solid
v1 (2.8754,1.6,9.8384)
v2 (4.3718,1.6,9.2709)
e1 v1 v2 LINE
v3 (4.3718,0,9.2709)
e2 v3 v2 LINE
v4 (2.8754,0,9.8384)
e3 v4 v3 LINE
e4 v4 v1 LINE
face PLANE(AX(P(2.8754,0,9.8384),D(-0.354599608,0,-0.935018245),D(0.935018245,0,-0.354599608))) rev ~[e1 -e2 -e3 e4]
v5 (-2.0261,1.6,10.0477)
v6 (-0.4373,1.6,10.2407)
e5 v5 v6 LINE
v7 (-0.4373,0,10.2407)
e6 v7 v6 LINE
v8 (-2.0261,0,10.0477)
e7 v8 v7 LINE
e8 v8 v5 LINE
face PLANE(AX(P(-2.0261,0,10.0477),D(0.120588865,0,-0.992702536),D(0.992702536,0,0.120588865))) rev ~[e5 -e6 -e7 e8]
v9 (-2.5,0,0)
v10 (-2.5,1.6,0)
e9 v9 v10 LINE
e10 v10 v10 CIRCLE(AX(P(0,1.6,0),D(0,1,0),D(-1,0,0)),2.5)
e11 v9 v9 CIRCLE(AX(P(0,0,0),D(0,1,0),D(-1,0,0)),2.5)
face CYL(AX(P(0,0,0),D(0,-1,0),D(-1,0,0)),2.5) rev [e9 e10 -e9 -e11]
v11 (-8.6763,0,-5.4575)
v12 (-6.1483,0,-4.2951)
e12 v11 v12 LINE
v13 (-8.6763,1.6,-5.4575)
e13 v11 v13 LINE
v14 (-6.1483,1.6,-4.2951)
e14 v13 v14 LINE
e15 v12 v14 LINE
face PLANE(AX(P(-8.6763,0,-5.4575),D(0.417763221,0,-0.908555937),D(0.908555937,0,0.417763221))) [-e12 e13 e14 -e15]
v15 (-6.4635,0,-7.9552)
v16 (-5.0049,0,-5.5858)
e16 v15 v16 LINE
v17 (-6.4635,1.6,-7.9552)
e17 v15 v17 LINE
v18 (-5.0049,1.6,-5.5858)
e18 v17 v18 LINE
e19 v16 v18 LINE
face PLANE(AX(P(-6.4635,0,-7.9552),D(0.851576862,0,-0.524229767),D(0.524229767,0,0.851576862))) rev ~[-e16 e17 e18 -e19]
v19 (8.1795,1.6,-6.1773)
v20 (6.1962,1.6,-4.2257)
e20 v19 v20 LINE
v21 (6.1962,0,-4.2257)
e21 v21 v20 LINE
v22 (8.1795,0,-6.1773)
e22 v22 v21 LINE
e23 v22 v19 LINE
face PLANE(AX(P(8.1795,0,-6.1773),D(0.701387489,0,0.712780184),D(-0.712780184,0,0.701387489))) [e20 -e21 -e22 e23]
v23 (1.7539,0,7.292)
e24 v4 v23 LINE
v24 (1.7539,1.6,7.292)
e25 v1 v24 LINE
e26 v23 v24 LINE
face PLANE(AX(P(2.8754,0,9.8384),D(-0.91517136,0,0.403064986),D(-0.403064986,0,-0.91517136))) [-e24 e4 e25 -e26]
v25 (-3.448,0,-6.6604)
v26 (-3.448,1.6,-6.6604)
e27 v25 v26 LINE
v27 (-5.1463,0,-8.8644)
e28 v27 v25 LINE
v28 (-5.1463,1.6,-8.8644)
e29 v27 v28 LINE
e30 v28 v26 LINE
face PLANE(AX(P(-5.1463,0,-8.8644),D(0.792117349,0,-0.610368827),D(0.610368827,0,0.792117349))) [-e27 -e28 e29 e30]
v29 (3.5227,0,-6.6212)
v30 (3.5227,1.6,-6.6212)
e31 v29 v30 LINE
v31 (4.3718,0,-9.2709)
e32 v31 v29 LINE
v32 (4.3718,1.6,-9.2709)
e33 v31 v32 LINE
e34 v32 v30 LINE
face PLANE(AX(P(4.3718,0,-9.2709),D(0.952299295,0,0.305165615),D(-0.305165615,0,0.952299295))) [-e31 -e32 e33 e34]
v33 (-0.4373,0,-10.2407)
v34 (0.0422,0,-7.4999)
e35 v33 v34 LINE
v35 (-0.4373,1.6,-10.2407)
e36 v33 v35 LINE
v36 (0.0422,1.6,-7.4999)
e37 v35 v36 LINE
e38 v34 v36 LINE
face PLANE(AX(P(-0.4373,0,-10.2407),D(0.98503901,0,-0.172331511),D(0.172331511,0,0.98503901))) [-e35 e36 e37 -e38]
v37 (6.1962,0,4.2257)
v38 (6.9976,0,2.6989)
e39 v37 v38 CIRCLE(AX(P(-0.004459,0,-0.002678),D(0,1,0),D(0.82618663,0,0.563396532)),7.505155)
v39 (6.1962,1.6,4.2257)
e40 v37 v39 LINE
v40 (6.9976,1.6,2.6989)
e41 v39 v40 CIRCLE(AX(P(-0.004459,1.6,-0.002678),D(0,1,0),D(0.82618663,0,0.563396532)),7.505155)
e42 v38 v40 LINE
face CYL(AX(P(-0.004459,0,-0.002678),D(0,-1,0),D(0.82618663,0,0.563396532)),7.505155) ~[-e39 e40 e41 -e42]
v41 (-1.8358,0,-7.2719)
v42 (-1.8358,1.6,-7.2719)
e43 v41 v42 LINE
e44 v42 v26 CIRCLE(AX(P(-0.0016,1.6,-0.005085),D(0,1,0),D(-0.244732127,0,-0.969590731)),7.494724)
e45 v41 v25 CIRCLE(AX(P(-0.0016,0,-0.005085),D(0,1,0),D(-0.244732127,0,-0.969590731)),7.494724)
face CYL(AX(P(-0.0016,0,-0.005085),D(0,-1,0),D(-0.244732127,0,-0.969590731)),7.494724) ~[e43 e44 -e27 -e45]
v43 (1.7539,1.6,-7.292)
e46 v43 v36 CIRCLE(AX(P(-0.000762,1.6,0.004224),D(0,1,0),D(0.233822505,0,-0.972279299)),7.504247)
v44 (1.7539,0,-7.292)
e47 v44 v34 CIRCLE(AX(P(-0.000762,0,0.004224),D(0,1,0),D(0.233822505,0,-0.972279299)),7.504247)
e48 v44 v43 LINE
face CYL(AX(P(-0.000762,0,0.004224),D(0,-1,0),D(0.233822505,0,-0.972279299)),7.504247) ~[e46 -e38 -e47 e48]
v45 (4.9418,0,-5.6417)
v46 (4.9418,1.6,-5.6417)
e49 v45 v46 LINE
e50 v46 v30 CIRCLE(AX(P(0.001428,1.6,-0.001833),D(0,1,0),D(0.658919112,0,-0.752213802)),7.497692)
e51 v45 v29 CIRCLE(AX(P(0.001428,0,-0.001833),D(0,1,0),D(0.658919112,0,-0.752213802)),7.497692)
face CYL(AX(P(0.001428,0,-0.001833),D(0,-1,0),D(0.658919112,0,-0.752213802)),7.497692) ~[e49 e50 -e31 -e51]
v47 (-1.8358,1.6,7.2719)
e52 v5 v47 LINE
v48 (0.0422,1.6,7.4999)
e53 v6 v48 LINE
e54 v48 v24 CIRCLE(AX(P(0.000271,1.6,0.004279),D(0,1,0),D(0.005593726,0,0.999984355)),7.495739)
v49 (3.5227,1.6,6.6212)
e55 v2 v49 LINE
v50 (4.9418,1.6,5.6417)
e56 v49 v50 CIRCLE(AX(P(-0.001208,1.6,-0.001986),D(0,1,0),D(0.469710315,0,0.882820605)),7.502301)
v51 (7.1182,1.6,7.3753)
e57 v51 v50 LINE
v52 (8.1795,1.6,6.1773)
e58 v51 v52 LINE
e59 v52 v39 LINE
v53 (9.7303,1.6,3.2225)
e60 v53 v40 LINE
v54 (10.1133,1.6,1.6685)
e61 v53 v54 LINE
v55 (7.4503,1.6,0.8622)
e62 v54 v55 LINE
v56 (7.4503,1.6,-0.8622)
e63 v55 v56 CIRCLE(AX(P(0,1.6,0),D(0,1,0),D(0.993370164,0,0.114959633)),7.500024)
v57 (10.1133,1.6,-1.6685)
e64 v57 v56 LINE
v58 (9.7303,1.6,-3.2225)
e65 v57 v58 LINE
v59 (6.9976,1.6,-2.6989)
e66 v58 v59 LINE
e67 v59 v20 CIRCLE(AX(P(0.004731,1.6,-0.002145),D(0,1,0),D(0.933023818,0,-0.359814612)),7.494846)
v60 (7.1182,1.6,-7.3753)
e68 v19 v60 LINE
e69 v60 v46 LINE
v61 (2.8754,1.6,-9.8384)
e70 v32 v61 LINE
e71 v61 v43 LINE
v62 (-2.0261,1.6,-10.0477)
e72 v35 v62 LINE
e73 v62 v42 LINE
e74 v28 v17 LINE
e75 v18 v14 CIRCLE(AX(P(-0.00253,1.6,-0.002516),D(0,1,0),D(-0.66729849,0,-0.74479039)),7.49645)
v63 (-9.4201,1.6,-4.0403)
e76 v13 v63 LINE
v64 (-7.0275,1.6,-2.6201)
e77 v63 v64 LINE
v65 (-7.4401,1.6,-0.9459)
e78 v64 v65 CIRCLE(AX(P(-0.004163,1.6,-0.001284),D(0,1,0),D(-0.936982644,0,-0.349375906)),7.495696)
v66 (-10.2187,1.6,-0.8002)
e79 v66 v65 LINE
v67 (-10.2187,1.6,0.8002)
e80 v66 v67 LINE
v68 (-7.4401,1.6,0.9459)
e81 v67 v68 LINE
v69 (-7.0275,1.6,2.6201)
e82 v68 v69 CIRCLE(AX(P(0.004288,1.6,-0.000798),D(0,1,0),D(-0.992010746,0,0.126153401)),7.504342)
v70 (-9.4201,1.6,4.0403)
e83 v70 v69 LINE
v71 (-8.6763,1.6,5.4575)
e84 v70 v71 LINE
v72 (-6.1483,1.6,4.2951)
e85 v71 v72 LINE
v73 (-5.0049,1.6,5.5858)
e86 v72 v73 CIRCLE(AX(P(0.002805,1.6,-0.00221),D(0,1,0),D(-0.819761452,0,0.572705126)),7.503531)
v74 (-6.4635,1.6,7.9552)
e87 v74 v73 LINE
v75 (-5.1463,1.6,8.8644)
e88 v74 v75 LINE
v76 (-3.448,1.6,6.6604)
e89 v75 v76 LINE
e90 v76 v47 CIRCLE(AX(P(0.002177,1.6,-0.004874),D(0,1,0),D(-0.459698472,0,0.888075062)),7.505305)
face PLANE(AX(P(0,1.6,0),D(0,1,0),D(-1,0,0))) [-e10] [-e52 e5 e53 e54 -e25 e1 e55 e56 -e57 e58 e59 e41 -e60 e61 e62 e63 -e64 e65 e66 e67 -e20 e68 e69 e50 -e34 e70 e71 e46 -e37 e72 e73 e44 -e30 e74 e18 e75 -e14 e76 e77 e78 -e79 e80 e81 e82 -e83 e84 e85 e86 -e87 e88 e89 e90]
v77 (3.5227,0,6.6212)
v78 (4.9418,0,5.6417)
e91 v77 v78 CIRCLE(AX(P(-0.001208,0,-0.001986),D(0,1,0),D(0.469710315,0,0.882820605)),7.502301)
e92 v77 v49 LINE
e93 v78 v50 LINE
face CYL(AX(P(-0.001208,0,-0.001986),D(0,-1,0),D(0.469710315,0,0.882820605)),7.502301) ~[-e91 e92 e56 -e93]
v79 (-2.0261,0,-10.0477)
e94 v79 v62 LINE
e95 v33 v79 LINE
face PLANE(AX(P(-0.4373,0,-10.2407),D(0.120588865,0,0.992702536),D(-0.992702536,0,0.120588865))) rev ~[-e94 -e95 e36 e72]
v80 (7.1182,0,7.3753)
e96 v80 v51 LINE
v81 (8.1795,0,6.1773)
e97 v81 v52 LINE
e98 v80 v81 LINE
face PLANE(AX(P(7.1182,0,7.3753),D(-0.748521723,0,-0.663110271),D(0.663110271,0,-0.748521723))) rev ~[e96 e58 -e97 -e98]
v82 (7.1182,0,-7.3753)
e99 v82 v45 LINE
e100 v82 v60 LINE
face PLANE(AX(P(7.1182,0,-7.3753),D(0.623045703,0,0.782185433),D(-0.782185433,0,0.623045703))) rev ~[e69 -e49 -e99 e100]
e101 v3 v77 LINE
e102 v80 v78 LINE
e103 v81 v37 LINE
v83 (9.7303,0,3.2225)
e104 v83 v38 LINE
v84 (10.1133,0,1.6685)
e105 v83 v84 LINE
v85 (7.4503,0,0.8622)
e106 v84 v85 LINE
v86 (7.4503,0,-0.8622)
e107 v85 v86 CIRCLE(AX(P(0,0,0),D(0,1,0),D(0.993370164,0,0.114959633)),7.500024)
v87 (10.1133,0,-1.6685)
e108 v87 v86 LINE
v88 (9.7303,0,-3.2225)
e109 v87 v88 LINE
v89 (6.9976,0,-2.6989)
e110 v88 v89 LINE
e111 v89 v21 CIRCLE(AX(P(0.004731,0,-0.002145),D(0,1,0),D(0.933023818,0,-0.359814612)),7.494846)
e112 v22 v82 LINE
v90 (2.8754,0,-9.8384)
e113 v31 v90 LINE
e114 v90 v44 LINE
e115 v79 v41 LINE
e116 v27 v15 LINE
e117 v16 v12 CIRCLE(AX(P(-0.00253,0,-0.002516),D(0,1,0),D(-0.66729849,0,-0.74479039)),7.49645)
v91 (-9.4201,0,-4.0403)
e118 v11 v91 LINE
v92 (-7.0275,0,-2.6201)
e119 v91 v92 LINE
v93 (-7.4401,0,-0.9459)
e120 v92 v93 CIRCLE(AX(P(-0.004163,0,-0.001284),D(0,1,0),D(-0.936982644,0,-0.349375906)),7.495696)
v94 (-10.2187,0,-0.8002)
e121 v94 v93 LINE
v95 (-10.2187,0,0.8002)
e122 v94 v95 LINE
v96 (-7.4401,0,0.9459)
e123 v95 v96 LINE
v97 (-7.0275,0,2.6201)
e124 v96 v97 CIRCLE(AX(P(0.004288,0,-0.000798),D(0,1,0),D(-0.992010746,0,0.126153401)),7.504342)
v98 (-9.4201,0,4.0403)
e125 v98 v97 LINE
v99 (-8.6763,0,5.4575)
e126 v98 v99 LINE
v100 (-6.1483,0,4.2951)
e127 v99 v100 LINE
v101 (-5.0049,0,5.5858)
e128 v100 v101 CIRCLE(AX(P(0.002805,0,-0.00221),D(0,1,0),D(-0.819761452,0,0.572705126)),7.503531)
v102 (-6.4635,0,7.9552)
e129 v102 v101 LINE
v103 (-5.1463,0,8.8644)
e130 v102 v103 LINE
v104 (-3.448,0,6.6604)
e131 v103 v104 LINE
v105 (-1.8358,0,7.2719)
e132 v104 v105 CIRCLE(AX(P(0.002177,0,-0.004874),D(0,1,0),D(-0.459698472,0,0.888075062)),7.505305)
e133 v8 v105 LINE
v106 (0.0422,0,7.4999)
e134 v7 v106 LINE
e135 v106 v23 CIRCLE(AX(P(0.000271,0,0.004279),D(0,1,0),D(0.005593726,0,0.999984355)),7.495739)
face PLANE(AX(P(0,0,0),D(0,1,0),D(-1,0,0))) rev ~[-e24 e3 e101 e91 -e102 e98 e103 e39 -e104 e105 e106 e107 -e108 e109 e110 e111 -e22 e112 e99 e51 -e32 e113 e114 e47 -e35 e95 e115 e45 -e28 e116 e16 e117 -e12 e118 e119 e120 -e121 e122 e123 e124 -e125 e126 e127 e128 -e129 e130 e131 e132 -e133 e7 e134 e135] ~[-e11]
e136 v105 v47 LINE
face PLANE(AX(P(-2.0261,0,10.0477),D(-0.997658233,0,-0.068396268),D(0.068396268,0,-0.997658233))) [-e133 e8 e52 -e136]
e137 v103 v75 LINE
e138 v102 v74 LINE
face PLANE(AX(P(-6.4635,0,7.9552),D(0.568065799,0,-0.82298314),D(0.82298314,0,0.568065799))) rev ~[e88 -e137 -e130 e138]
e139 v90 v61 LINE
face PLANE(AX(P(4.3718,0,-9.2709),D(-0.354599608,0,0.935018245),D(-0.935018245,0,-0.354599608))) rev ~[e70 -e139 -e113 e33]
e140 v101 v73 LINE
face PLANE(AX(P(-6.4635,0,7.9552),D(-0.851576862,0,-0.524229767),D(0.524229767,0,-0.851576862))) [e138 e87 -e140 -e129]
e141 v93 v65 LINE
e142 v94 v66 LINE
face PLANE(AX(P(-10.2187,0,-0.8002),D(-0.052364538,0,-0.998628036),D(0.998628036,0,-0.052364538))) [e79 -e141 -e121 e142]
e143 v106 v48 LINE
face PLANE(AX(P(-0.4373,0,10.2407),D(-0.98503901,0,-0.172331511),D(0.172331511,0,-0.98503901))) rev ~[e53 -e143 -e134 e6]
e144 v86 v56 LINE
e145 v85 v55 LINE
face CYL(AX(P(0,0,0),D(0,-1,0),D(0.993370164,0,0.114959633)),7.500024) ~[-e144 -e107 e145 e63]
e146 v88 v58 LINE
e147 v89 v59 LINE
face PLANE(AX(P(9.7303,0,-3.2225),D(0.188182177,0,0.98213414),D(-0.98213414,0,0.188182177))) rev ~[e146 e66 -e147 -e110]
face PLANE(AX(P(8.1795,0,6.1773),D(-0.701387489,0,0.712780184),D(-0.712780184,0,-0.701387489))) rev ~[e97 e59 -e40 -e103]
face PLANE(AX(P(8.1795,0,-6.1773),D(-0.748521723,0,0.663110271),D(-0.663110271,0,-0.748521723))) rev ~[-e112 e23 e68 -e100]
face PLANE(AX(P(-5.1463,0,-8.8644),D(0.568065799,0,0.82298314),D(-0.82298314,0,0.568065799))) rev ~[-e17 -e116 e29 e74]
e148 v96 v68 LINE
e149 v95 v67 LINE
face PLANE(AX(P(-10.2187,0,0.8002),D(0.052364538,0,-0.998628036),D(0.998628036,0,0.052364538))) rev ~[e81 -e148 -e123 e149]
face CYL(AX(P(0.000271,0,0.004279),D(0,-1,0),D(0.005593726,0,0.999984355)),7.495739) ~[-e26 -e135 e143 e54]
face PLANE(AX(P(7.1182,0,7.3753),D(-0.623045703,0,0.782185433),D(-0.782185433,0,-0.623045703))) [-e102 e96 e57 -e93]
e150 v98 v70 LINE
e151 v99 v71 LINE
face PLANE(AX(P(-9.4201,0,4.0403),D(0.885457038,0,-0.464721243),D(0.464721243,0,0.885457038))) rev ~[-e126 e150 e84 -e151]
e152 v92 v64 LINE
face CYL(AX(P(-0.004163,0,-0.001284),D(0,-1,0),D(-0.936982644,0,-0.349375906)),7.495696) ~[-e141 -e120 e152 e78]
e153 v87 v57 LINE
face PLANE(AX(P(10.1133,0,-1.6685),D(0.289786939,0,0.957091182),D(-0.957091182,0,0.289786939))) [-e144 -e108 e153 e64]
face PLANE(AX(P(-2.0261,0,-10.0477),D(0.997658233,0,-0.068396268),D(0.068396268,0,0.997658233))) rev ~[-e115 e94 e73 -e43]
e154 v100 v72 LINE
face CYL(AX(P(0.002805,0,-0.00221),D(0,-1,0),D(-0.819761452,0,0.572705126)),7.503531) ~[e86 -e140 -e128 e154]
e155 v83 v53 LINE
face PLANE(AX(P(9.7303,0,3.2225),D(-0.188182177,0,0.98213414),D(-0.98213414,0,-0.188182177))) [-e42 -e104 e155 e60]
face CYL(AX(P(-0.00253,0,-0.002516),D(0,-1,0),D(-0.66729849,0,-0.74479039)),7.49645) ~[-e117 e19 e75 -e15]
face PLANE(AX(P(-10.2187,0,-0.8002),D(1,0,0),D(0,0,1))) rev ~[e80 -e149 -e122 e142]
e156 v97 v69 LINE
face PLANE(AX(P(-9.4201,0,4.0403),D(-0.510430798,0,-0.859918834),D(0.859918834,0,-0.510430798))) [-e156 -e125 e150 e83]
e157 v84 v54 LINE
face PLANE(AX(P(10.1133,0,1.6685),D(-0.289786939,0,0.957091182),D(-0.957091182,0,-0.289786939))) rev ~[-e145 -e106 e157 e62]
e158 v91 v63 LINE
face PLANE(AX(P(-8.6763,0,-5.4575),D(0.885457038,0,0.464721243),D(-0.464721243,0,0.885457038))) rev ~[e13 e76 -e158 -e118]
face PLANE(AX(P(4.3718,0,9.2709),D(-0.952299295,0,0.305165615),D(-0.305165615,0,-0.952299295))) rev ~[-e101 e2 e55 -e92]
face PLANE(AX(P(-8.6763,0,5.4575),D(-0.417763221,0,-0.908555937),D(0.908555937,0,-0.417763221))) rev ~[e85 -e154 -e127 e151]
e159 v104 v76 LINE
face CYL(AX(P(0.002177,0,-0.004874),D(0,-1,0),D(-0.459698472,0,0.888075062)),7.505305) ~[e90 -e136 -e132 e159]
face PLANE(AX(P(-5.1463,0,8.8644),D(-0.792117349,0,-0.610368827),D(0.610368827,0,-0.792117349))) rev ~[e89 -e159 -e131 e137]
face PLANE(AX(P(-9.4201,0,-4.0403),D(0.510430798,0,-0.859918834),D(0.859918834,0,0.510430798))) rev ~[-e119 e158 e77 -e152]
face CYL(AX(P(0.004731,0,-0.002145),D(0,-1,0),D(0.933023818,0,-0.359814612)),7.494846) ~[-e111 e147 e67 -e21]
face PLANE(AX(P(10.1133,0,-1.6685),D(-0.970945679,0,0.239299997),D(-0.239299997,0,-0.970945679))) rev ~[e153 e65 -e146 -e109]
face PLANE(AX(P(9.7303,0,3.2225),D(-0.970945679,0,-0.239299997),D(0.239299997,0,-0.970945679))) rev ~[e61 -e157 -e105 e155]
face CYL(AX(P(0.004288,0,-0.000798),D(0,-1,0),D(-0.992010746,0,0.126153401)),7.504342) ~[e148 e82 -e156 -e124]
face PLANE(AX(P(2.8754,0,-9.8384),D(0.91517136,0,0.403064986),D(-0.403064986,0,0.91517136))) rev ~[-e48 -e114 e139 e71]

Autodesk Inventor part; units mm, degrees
ref_plane "YZ Plane" through (0, 0, 0) normal (1, 0, 0) x (0, 1, 0)
ref_plane "XZ Plane" through (0, 0, 0) normal (0, 1, 0) x (-1, 0, 0)
ref_plane "XY Plane" through (0, 0, 0) normal (0, 0, 1) x (1, 0, 0)
sketch "Szkic2" plane through (0, 0, 0) normal (0, 1, 0) x (-1, 0, 0)
  circle A0 centre (0, 0) radius 2.5
  circle A1 centre (0, 0) radius 10.25
  line L0 (10.2187, -0.8002) -> (10.2187, 0.8002)
  line L1 (10.2187, -0.8002) -> (7.4401, -0.9459)
  line L2 (10.2187, -0.8002) -> (13.0011, -0.8002) construction
  line L3 (10.2187, 0.8002) -> (7.4401, 0.9459)
  line L4 (10.2187, 0.8002) -> (13.0011, 0.8002) construction
  line L5 (9.4201, 4.0403) -> (7.0275, 2.6201)
  line L6 (8.6763, 5.4575) -> (6.1483, 4.2951)
  line L7 (9.4201, 4.0403) -> (8.6763, 5.4575)
  line L8 (6.4635, 7.9552) -> (5.0049, 5.5858)
  line L9 (5.1463, 8.8644) -> (3.448, 6.6604)
  line L10 (6.4635, 7.9552) -> (5.1463, 8.8644)
  line L11 (2.0261, 10.0477) -> (1.8358, 7.2719)
  line L12 (0.4373, 10.2407) -> (-0.0422, 7.4999)
  line L13 (2.0261, 10.0477) -> (0.4373, 10.2407)
  line L14 (-2.8754, 9.8384) -> (-1.7539, 7.292)
  line L15 (-4.3718, 9.2709) -> (-3.5227, 6.6212)
  line L16 (-2.8754, 9.8384) -> (-4.3718, 9.2709)
  line L17 (-7.1182, 7.3753) -> (-4.9418, 5.6417)
  line L18 (-8.1795, 6.1773) -> (-6.1962, 4.2257)
  line L19 (-7.1182, 7.3753) -> (-8.1795, 6.1773)
  line L20 (-9.7303, 3.2225) -> (-6.9976, 2.6989)
  line L21 (-10.1133, 1.6685) -> (-7.4503, 0.8622)
  line L22 (-9.7303, 3.2225) -> (-10.1133, 1.6685)
  line L23 (-10.1133, -1.6685) -> (-7.4503, -0.8622)
  line L24 (-9.7303, -3.2225) -> (-6.9976, -2.6989)
  line L25 (-10.1133, -1.6685) -> (-9.7303, -3.2225)
  line L26 (-8.1795, -6.1773) -> (-6.1962, -4.2257)
  line L27 (-7.1182, -7.3753) -> (-4.9418, -5.6417)
  line L28 (-8.1795, -6.1773) -> (-7.1182, -7.3753)
  line L29 (-4.3718, -9.2709) -> (-3.5227, -6.6212)
  line L30 (-2.8754, -9.8384) -> (-1.7539, -7.292)
  line L31 (-4.3718, -9.2709) -> (-2.8754, -9.8384)
  line L32 (0.4373, -10.2407) -> (-0.0422, -7.4999)
  line L33 (2.0261, -10.0477) -> (1.8358, -7.2719)
  line L34 (0.4373, -10.2407) -> (2.0261, -10.0477)
  line L35 (5.1463, -8.8644) -> (3.448, -6.6604)
  line L36 (6.4635, -7.9552) -> (5.0049, -5.5858)
  line L37 (5.1463, -8.8644) -> (6.4635, -7.9552)
  line L38 (8.6763, -5.4575) -> (6.1483, -4.2951)
  line L39 (9.4201, -4.0403) -> (7.0275, -2.6201)
  line L40 (8.6763, -5.4575) -> (9.4201, -4.0403)
  arc A2 (7.0275, -2.6201) -> (7.4401, -0.9459) centre (0, 0) ccw
  arc A3 (5.0049, -5.5858) -> (6.1483, -4.2951) centre (0, 0) ccw
  arc A4 (7.4401, 0.9459) -> (7.0275, 2.6201) centre (0, 0) ccw
  arc A5 (6.1483, 4.2951) -> (5.0049, 5.5858) centre (0, 0) ccw
  arc A6 (3.448, 6.6604) -> (1.8358, 7.2719) centre (0, 0) ccw
  arc A7 (-0.0422, 7.4999) -> (-1.7539, 7.292) centre (0, 0) ccw
  arc A8 (-3.5227, 6.6212) -> (-4.9418, 5.6417) centre (0, 0) ccw
  arc A9 (-6.1962, 4.2257) -> (-6.9976, 2.6989) centre (0, 0) ccw
  arc A10 (-7.4503, 0.8622) -> (-7.4503, -0.8622) centre (0, 0) ccw
  arc A11 (-6.9976, -2.6989) -> (-6.1962, -4.2257) centre (0, 0) ccw
  arc A12 (-4.9418, -5.6417) -> (-3.5227, -6.6212) centre (0, 0) ccw
  arc A13 (-1.7539, -7.292) -> (-0.0422, -7.4999) centre (0, 0) ccw
  arc A14 (1.8358, -7.2719) -> (3.448, -6.6604) centre (0, 0) ccw
  dimension "d58" = 5
  dimension "d60" = 20.5
  dimension "d61" = 177
  dimension "d62" = 177
  dimension "d65" = 360
extrude "Wyciągnięcie proste6" add sketch "Szkic2" along normal blind 1.6 contours L0 L1 A2 L39 L40 L38 A3 L36 L37 L35 A14 L33 L34 L32 A13 L30 L31 L29 A12 L27 L28 L26 A11 L24 L25 L23 A10 L21 L22 L20 A9 L18 L19 L17 A8 L15 L16 L14 A7 L12 L13 L11 A6 L9 L10 L8 A5 L6 L7 L5 A4 L3
properties part number "efektor zebatka1"
